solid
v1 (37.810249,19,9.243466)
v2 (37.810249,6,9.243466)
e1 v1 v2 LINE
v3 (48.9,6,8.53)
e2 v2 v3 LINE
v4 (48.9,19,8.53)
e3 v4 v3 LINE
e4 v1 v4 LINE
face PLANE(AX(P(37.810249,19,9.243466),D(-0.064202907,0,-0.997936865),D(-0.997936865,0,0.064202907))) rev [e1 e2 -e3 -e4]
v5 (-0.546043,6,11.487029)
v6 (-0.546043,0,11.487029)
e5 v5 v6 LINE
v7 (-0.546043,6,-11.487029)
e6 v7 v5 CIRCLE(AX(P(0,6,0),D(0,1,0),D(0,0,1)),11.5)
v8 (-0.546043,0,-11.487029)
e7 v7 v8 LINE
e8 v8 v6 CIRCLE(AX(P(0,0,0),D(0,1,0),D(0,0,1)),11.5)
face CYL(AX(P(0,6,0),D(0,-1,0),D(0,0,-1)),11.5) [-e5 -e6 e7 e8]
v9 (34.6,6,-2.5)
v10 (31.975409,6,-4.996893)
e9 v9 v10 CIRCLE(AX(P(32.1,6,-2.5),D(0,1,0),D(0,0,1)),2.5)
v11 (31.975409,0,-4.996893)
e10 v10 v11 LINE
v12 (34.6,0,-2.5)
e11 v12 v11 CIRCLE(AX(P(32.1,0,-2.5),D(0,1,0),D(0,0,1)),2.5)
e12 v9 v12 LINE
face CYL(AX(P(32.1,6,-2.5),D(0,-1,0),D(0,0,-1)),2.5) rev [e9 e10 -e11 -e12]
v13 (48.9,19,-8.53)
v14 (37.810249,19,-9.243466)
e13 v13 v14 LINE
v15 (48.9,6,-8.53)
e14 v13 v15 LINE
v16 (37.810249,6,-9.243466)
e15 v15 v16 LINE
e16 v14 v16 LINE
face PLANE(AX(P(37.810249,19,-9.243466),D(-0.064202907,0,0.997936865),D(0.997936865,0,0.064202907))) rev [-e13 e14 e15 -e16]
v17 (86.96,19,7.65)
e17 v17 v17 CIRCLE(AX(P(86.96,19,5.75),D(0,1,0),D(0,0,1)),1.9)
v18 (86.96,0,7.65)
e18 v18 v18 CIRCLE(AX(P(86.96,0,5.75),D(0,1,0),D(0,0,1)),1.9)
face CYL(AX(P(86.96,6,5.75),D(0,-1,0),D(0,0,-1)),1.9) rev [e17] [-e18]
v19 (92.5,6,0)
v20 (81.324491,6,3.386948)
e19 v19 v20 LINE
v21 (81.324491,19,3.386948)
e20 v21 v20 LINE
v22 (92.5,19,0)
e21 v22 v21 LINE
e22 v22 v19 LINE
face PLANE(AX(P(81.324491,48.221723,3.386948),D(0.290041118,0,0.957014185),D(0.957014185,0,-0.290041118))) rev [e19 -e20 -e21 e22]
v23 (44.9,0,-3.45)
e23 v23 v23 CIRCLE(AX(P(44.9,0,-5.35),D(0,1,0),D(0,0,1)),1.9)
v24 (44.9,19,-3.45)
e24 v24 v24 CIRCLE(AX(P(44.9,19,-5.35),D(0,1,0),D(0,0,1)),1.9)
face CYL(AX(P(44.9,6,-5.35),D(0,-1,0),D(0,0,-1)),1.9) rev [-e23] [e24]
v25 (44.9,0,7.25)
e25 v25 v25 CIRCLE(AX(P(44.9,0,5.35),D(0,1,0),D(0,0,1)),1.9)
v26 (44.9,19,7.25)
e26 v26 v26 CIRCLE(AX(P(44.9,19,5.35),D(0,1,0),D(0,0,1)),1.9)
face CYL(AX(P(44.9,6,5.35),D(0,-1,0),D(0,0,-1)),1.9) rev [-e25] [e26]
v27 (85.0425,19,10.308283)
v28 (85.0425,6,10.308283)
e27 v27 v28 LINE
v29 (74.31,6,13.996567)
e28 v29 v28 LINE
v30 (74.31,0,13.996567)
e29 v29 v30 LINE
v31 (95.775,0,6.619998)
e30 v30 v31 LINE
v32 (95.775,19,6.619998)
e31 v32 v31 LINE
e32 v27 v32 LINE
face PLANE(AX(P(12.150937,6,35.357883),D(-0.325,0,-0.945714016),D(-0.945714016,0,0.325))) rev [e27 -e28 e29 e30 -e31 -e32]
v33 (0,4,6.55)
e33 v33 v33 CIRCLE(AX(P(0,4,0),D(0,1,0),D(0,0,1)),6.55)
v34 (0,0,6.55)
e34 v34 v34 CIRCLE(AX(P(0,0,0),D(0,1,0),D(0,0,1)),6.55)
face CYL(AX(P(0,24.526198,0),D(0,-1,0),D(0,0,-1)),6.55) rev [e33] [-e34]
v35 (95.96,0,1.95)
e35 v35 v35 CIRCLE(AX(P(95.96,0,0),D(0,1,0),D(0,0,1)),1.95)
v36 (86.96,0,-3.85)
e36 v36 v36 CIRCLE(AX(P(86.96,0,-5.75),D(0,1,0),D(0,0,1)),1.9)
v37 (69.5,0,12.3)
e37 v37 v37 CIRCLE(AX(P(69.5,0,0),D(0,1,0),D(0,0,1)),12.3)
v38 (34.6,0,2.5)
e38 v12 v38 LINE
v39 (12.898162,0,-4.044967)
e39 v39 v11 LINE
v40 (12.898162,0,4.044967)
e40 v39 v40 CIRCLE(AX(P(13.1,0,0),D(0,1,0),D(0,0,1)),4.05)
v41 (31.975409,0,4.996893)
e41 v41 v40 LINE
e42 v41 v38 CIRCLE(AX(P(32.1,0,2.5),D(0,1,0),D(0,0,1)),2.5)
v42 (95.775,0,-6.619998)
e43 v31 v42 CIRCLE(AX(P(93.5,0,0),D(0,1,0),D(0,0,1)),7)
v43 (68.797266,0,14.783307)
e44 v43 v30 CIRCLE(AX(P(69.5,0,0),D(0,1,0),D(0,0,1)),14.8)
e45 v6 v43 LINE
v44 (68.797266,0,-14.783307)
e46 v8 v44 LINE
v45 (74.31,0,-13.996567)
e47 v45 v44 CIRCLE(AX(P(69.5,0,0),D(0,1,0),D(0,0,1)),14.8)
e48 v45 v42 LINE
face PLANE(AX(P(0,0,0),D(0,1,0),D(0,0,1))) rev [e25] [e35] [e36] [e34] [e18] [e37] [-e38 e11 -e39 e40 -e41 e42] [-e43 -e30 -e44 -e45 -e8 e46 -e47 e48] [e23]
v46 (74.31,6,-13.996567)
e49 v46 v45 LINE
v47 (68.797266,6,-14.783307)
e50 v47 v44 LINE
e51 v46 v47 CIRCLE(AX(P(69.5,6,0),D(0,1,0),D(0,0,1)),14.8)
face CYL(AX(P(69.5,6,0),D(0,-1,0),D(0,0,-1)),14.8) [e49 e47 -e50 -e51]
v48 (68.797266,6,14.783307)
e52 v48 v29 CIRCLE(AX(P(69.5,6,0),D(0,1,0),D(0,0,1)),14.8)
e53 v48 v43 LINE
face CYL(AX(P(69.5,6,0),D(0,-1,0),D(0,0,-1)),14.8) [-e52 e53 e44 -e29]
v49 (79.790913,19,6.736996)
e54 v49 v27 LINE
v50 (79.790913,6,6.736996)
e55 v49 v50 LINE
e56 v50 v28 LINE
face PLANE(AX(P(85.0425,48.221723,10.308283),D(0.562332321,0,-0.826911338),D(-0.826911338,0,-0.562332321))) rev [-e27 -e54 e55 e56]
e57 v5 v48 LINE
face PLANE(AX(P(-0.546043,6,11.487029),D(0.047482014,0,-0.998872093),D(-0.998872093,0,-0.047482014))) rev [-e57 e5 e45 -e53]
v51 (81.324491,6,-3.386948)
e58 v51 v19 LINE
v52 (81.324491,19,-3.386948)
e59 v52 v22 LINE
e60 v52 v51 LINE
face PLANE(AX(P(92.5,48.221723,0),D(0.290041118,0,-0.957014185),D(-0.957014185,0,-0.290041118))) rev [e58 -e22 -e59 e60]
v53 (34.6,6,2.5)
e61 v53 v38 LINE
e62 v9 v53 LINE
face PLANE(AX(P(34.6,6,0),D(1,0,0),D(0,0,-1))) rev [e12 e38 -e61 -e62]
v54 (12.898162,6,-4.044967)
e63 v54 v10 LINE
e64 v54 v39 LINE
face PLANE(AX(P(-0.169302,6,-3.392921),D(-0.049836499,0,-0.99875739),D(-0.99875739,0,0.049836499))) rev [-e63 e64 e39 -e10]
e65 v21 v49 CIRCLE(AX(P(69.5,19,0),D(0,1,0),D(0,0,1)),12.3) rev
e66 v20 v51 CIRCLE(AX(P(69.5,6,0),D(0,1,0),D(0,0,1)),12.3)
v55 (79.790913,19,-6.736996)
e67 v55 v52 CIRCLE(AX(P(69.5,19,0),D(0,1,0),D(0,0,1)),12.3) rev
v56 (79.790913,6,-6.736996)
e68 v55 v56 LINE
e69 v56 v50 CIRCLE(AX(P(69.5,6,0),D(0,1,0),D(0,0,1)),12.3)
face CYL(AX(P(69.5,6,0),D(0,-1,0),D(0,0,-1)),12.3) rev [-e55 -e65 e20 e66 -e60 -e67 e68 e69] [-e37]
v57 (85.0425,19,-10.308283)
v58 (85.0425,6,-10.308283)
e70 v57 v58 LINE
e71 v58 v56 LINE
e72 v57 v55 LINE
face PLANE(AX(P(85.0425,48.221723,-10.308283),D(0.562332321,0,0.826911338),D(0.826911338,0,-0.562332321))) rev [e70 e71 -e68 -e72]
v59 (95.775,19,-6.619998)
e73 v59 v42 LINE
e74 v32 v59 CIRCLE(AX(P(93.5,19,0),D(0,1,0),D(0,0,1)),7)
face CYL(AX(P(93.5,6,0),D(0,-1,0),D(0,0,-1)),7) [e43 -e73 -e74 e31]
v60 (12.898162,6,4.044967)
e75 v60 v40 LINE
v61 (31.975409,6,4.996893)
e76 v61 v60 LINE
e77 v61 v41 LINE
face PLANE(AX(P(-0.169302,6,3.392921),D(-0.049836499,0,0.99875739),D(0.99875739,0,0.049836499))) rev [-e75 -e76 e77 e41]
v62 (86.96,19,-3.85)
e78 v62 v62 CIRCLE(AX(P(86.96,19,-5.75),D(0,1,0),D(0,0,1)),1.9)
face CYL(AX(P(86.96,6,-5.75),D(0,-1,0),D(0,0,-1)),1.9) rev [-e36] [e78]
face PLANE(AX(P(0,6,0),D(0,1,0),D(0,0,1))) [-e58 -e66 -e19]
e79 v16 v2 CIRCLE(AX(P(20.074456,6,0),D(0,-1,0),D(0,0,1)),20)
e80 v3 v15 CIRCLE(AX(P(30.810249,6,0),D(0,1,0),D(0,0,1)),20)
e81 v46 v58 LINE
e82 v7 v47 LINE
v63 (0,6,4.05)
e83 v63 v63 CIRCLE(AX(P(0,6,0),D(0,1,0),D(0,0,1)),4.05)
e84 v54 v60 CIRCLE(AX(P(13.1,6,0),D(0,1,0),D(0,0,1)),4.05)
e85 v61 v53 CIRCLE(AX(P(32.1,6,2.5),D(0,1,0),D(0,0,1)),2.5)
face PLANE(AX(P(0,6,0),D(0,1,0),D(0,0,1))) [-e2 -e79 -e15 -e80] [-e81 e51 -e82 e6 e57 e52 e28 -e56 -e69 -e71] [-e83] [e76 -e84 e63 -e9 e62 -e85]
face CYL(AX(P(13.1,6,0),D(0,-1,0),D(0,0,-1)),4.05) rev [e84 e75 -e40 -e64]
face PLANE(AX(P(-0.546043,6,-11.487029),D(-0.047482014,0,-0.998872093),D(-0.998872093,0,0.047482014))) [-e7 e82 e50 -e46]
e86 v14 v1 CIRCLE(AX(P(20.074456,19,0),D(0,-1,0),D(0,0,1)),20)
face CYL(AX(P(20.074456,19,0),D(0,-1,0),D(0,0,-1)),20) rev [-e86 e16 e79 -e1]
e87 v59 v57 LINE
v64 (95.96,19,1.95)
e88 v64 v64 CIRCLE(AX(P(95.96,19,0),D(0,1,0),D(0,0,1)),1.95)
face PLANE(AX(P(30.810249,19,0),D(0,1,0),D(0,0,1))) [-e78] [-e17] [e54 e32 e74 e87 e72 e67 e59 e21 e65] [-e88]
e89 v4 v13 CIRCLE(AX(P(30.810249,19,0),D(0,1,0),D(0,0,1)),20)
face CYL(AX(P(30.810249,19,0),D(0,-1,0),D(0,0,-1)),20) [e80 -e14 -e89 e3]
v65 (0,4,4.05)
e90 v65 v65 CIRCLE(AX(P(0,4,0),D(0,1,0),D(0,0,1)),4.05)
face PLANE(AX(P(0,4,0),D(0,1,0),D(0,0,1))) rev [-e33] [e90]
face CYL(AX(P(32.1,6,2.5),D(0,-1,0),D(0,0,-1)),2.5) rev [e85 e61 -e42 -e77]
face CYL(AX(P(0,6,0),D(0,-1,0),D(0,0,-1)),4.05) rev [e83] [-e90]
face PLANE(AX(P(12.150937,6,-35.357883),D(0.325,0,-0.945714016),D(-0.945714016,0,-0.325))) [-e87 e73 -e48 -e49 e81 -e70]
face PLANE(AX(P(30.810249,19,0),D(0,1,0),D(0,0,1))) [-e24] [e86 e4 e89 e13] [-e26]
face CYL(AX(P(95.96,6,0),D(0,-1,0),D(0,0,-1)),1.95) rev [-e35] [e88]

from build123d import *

# Parameters (mm, degrees)
SKETCH1_R           = 1.9
SKETCH1_R_2         = 4.05
SKETCH1_R_3         = 12.3
SKETCH1_R_4         = 1.95
BOSS_EXTRUDE1_DEPTH = 6
SKETCH2_R           = 6.55
CUT_EXTRUDE1_DEPTH  = 4
SKETCH3_R           = 1.9
BOSS_EXTRUDE3_DEPTH = 13
SKETCH4_R           = 1.9
SKETCH4_R_2         = 1.95
BOSS_EXTRUDE4_DEPTH = 13


with BuildPart() as part:
    # Sketch1 → Boss-Extrude1 (new body)
    with BuildSketch(Plane(origin=(0, 0, 0), x_dir=(1, 0, 0), z_dir=(0, 1, 0))):
        with BuildLine():
            Line((68.797266187, 14.783306977), (-0.546043165, 11.48702907))
            ThreePointArc((-0.546043165, 11.48702907), (-11.5, 0), (-0.546043165, -11.48702907))
            Line((-0.546043165, -11.48702907), (68.797266187, -14.783306977))
            ThreePointArc((68.797266187, -14.783306977), (71.590968354, -14.651547746), (74.31, -13.996567436))
            Line((74.31, -13.996567436), (95.775, -6.619998112))
            ThreePointArc((95.775, -6.619998112), (100.5, 0), (95.775, 6.619998112))
            Line((95.775, 6.619998112), (74.31, 13.996567436))
            ThreePointArc((74.31, 13.996567436), (71.590968354, 14.651547746), (68.797266187, 14.783306977))
        make_face()
        with Locations(Location((44.9, -5.35, 0), (0, 0, 270))):
            Circle(SKETCH1_R, mode=Mode.SUBTRACT)
        with Locations(Location((0, 0, 0), (0, 0, 270))):
            Circle(SKETCH1_R_2, mode=Mode.SUBTRACT)
        with BuildLine():
            ThreePointArc((12.898162181, -4.044967428), (9.05, 0), (12.898162181, 4.044967428))
            Line((12.898162181, 4.044967428), (31.975408753, 4.996893474))
            ThreePointArc((31.975408753, 4.996893474), (33.823154358, 4.311281054), (34.6, 2.5))
            Line((34.6, 2.5), (34.6, -2.5))
            ThreePointArc((34.6, -2.5), (33.823154358, -4.311281054), (31.975408753, -4.996893474))
            Line((31.975408753, -4.996893474), (12.898162181, -4.044967428))
        make_face(mode=Mode.SUBTRACT)
        with Locations(Location((44.9, 5.35, 0), (0, 0, 270))):
            Circle(SKETCH1_R, mode=Mode.SUBTRACT)
        with Locations(Location((69.5, 0, 0), (0, 0, 270))):
            Circle(SKETCH1_R_3, mode=Mode.SUBTRACT)
        with Locations(Location((86.96, 5.75, 0), (0, 0, 270))):
            Circle(SKETCH1_R, mode=Mode.SUBTRACT)
        with Locations(Location((95.96, 0, 0), (0, 0, 270))):
            Circle(SKETCH1_R_4, mode=Mode.SUBTRACT)
        with Locations(Location((86.96, -5.75, 0), (0, 0, 270))):
            Circle(SKETCH1_R, mode=Mode.SUBTRACT)
    extrude(amount=BOSS_EXTRUDE1_DEPTH)

    # Sketch2 → Cut-Extrude1 (cut)
    with BuildSketch(Plane(origin=(0, 0, 0), x_dir=(1, 0, 0), z_dir=(0, 1, 0))):
        with Locations(Location((0, 0, 0), (0, 0, 270))):
            Circle(SKETCH2_R)
    extrude(amount=CUT_EXTRUDE1_DEPTH, mode=Mode.SUBTRACT)

    # Sketch3 → Boss-Extrude3 (add)
    with BuildSketch(Plane(origin=(0, 6, 0), x_dir=(1, 0, 0), z_dir=(0, 1, 0))):
        with BuildLine():
            Line((37.810248758, 9.243466249), (48.9, 8.53))
            ThreePointArc((48.9, 8.53), (50.810248758, 0), (48.9, -8.53))
            Line((48.9, -8.53), (37.810248758, -9.243466249))
            ThreePointArc((37.810248758, -9.243466249), (40.074456368, 0), (37.810248758, 9.243466249))
        make_face()
        with Locations(Location((44.9, -5.35, 0), (0, 0, 270))):
            Circle(SKETCH3_R, mode=Mode.SUBTRACT)
        with Locations(Location((44.9, 5.35, 0), (0, 0, 270))):
            Circle(SKETCH3_R, mode=Mode.SUBTRACT)
    extrude(amount=BOSS_EXTRUDE3_DEPTH)

    # Sketch4 → Boss-Extrude4 (add)
    with BuildSketch(Plane(origin=(0, 6, 0), x_dir=(1, 0, 0), z_dir=(0, 1, 0))):
        with BuildLine():
            Line((85.0425, 10.308282774), (79.790912588, 6.736996223))
            ThreePointArc((79.790912588, 6.736996223), (80.683848774, 5.119719388), (81.32449086, 3.386947876))
            Line((81.32449086, 3.386947876), (92.5, 0))
            Line((92.5, 0), (81.32449086, -3.386947876))
            ThreePointArc((81.32449086, -3.386947876), (80.683848774, -5.119719388), (79.790912588, -6.736996223))
            Line((79.790912588, -6.736996223), (85.0425, -10.308282774))
            Line((85.0425, -10.308282774), (95.775, -6.619998112))
            ThreePointArc((95.775, -6.619998112), (100.5, 0), (95.775, 6.619998112))
            Line((95.775, 6.619998112), (85.0425, 10.308282774))
        make_face()
        with Locations(Location((86.96, 5.75, 0), (0, 0, 270))):
            Circle(SKETCH4_R, mode=Mode.SUBTRACT)
        with Locations(Location((86.96, -5.75, 0), (0, 0, 270))):
            Circle(SKETCH4_R, mode=Mode.SUBTRACT)
        with Locations(Location((95.96, 0, 0), (0, 0, 270))):
            Circle(SKETCH4_R_2, mode=Mode.SUBTRACT)
    extrude(amount=BOSS_EXTRUDE4_DEPTH)


solid = part.part
